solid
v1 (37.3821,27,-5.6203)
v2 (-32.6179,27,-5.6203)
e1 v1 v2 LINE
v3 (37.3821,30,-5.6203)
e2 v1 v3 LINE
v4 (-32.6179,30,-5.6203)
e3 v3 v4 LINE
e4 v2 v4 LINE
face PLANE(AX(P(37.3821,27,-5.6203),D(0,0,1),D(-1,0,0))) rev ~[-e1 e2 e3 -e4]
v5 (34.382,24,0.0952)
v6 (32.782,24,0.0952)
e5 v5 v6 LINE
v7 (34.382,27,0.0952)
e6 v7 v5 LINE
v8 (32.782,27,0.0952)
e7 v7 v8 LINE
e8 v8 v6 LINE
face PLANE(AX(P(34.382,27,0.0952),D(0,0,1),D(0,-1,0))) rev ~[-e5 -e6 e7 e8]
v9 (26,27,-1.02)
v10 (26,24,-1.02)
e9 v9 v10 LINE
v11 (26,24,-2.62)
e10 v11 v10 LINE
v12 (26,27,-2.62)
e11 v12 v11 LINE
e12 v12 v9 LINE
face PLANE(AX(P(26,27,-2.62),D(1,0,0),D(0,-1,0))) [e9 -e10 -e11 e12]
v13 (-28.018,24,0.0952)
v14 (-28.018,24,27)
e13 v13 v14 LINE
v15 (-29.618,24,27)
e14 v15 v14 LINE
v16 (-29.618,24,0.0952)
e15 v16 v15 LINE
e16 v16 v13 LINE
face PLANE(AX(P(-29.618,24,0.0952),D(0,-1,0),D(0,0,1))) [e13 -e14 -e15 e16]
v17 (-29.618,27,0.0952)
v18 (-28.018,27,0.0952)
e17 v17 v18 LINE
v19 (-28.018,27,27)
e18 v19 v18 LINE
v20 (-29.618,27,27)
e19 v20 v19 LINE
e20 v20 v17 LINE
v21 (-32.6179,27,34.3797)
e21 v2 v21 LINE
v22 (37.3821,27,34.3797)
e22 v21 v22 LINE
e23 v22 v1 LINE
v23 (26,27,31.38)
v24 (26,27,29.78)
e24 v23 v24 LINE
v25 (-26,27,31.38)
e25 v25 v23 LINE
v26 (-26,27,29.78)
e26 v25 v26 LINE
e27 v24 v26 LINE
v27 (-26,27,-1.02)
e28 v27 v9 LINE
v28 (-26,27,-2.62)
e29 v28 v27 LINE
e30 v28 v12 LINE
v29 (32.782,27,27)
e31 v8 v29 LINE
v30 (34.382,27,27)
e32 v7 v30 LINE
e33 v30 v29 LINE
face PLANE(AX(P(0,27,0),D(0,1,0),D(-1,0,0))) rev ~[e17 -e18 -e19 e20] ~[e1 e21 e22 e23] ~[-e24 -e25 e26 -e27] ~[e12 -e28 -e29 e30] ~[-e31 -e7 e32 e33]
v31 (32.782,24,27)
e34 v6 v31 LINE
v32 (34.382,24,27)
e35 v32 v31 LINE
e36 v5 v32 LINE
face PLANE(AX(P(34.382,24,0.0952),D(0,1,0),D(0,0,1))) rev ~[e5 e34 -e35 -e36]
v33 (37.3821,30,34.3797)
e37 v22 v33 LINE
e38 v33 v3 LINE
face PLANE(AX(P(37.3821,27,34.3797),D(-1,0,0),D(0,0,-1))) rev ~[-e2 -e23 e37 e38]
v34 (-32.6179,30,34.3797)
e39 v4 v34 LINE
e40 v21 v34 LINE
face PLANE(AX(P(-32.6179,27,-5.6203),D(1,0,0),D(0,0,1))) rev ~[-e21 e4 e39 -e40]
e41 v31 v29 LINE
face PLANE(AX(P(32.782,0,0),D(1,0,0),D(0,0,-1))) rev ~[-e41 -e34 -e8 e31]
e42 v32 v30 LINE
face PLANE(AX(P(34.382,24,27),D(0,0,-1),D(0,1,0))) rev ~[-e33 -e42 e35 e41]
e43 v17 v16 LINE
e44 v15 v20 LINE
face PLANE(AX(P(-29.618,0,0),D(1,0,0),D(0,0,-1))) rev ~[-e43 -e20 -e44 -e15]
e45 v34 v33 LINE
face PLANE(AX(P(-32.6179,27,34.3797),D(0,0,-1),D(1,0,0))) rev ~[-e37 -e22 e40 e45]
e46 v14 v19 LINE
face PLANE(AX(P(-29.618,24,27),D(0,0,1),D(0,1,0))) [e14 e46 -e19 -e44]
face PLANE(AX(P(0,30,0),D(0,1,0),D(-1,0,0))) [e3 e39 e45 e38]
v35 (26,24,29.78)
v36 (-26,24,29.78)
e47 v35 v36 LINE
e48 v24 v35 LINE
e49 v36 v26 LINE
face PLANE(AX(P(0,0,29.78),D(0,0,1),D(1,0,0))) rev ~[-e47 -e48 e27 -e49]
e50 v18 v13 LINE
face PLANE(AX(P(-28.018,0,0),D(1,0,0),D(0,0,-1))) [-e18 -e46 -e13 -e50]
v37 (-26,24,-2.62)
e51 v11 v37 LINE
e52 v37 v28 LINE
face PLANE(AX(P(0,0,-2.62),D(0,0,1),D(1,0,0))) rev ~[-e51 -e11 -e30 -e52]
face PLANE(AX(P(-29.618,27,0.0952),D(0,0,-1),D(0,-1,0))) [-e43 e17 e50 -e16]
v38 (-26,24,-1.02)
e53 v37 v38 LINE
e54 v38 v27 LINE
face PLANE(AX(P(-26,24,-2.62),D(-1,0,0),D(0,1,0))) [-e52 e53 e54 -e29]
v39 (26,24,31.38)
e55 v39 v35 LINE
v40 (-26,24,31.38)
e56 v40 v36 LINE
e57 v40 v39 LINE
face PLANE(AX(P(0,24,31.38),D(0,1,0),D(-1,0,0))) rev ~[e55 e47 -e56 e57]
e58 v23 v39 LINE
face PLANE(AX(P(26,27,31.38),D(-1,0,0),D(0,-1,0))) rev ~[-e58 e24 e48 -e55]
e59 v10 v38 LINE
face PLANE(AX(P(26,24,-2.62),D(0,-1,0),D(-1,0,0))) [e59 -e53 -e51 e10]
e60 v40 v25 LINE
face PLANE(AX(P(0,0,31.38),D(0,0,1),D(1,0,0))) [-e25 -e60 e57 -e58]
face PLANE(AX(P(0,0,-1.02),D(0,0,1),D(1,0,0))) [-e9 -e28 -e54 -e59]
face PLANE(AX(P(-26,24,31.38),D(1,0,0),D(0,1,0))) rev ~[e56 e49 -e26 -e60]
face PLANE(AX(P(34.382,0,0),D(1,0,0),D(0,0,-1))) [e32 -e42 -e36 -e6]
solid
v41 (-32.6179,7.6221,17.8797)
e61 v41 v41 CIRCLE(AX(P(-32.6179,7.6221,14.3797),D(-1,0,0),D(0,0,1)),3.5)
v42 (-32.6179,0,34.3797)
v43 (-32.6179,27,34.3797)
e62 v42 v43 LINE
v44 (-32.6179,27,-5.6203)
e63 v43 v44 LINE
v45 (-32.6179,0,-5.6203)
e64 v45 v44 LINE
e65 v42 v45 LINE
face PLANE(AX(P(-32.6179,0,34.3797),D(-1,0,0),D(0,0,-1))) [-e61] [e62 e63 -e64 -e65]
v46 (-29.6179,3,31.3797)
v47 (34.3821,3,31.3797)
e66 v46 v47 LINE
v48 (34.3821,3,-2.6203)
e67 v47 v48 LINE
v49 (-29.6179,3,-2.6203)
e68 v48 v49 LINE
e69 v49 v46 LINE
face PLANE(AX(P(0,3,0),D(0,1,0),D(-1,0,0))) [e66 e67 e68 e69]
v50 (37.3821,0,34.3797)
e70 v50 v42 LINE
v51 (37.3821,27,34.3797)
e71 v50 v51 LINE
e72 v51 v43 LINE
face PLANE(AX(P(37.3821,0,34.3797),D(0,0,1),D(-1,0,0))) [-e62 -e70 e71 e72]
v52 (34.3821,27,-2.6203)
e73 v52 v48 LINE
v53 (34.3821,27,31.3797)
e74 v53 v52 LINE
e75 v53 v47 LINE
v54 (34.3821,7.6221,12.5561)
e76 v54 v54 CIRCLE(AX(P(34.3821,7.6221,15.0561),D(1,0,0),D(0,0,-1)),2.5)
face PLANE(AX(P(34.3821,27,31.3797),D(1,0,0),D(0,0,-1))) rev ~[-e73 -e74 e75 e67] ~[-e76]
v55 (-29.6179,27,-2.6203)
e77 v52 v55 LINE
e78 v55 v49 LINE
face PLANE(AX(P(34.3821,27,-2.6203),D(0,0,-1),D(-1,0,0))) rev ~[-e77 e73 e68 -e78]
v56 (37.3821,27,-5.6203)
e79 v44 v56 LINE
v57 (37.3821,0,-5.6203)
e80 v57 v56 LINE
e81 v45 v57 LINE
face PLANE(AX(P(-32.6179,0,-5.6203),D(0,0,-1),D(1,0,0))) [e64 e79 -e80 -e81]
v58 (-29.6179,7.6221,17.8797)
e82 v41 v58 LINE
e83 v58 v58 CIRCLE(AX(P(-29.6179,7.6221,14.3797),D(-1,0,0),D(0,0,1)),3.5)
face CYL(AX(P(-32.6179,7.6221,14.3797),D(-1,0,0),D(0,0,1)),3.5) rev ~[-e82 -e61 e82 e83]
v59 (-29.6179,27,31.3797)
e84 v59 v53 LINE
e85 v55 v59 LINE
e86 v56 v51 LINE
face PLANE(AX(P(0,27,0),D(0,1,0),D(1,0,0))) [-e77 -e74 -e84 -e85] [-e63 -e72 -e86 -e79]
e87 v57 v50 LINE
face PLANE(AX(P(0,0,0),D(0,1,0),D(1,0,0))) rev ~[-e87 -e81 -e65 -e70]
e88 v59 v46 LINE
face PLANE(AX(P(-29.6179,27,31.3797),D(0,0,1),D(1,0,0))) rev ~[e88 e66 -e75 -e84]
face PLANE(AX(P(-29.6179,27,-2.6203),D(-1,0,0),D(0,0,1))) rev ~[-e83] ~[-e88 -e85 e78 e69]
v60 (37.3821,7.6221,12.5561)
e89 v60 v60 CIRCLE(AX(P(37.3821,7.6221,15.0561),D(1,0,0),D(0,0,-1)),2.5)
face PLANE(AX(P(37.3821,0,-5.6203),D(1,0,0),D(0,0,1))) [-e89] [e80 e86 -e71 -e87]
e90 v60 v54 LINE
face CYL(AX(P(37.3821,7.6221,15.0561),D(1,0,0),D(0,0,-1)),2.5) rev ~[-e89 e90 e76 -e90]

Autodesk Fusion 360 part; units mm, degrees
sketch "Sketch1" plane through (0, 0, 0) normal (0, 1, 0) x (1, 0, 0) in component "Base"
  line L0 (-32.6179, 5.6203) -> (37.3821, 5.6203)
  line L1 (37.3821, 5.6203) -> (37.3821, -34.3797)
  line L2 (37.3821, -34.3797) -> (-32.6179, -34.3797)
  line L3 (-32.6179, -34.3797) -> (-32.6179, 5.6203)
  dimension "d1" = 70
  dimension "d2" = 40
extrude "Extrude1" add sketch "Sketch1" along normal blind 27 makes body 1 in component "Base"
sketch "Sketch2" plane through (0, 27, 0) normal (0, 1, 0) x (-1, 0, 0) in component "Base"
  line L0 (32.6179, 34.3797) -> (-37.3821, 34.3797)
  line L1 (-37.3821, 34.3797) -> (-37.3821, -5.6203)
  line L2 (-37.3821, -5.6203) -> (32.6179, -5.6203)
  line L3 (32.6179, -5.6203) -> (32.6179, 34.3797)
  line L4 (29.6179, 31.3797) -> (-34.3821, 31.3797)
  line L5 (-34.3821, 31.3797) -> (-34.3821, -2.6203)
  line L6 (-34.3821, -2.6203) -> (29.6179, -2.6203)
  line L7 (29.6179, -2.6203) -> (29.6179, 31.3797)
  dimension "d5" = 3
extrude "Extrude2" cut sketch "Sketch2" against normal up to surface (24 mm away) contours L4 L5 L6 L7 bodies 1 in component "Base"
sketch "Sketch3" plane through (37.3821, 0, 0) normal (1, 0, 0) x (0, 0, -1) in component "Base"
  line L0 (-34.3797, 0) -> (5.6203, 0)
  line L1 (5.6203, 0) -> (5.6203, 27)
  line L2 (5.6203, 27) -> (-34.3797, 27)
  line L3 (-34.3797, 27) -> (-34.3797, 0)
  circle A0 centre (-15.0561, 7.6221) radius 2.5
  dimension "d8" = 5
extrude "Extrude3" cut sketch "Sketch3" against normal blind 5 contours A0 bodies 1 in component "Base"
sketch "Sketch4" plane through (-32.6179, 0, 0) normal (-1, 0, 0) x (0, 0, 1) in component "Base"
  line L0 (-5.6203, 0) -> (34.3797, 0)
  line L1 (34.3797, 0) -> (34.3797, 27)
  line L2 (34.3797, 27) -> (-5.6203, 27)
  line L3 (-5.6203, 27) -> (-5.6203, 0)
  circle A0 centre (14.3797, 7.6221) radius 3.5
  dimension "d11" = 7
extrude "Extrude4" cut sketch "Sketch4" against normal blind 10 contours A0 bodies 1 in component "Base"
sketch "Sketch1 (2)" plane through (0, 27, 0) normal (0, 1, 0) x (-1, 0, 0) in component "Lid"
  line L0 (29.6179, -2.6203) -> (-34.3821, -2.6203)
  line L1 (-34.3821, -2.6203) -> (-34.3821, 31.3797)
  line L2 (-34.3821, 31.3797) -> (29.6179, 31.3797)
  line L3 (29.6179, 31.3797) -> (29.6179, -2.6203)
  line L4 (32.6179, 34.3797) -> (-37.3821, 34.3797)
  line L5 (-37.3821, 34.3797) -> (-37.3821, -5.6203)
  line L6 (-37.3821, -5.6203) -> (32.6179, -5.6203)
  line L7 (32.6179, -5.6203) -> (32.6179, 34.3797)
  line L8 (-37.3821, 34.3797) -> (-37.3821, -5.6203)
  line L9 (-37.3821, -5.6203) -> (32.6179, -5.6203)
  line L10 (32.6179, -5.6203) -> (32.6179, 34.3797)
  line L11 (32.6179, 34.3797) -> (-37.3821, 34.3797)
extrude "Extrude1'" add sketch "Sketch1 (2)" along normal blind 3 separate body contours L0 L1 L2 L3 | L4 L5 L6 L7 L8 L9 L10 L11 makes body 2 in component "Lid"
ref_plane "WorkPlane1" through (0, 0, 31.38) normal (0, 0, 1) x (1, 0, 0) in component "Lid"
sketch "Sketch2 (2)" plane through (0, 0, 31.38) normal (0, 0, 1) x (1, 0, 0) in component "Lid"
  line L0 (0, 0) -> (0, 38) construction
ref_plane "WorkPlane2" through (0, 0, 31.38) normal (0, 0, 1) x (1, 0, 0) in component "Lid"
sketch "Sketch3 (2)" plane through (0, 0, 31.38) normal (0, 0, 1) x (1, 0, 0) in component "Lid"
  line L0 (-32.6179, 27) -> (37.3821, 27)
  line L1 (26, 27) -> (26, 24)
  line L2 (26, 24) -> (-26, 24)
  line L3 (-26, 24) -> (-26, 27)
  line L4 (0, 0) -> (0, 38)
  dimension "d20" = 3
extrude "Extrude2'" add sketch "Sketch3 (2)" against normal blind 1.6 bodies 2 in component "Lid"
ref_plane "WorkPlane3" through (0, 0, -2.62) normal (0, 0, 1) x (1, 0, 0) in component "Lid"
sketch "Sketch4 (2)" plane through (0, 0, -2.62) normal (0, 0, 1) x (1, 0, 0) in component "Lid"
  line L0 (-32.6179, 27) -> (37.3821, 27)
  line L1 (26, 27) -> (26, 24)
  line L2 (26, 24) -> (-26, 24)
  line L3 (-26, 24) -> (-26, 27)
extrude "Extrude3'" add sketch "Sketch4 (2)" along normal blind 1.6 bodies 2 in component "Lid"
ref_plane "WorkPlane4" through (-29.618, 0, 0) normal (1, 0, 0) x (0, 1, 0) in component "Lid"
sketch "Sketch5" plane through (-29.618, 0, 0) normal (1, 0, 0) x (0, 0, -1) in component "Lid"
  line L0 (-34.3797, 27) -> (5.6203, 27)
  line L1 (-0.0952, 27) -> (-0.0952, 24)
  line L2 (-0.0952, 24) -> (-27, 24)
  line L3 (-27, 24) -> (-27, 27)
extrude "Extrude4'" add sketch "Sketch5" along normal blind 1.6 bodies 2 in component "Lid"
ref_plane "WorkPlane5" through (34.382, 0, 0) normal (1, 0, 0) x (0, 1, 0) in component "Lid"
sketch "Sketch6" plane through (34.382, 0, 0) normal (1, 0, 0) x (0, 0, -1) in component "Lid"
  line L0 (5.6203, 27) -> (-34.3797, 27)
  line L1 (-0.0952, 27) -> (-0.0952, 24)
  line L2 (-0.0952, 24) -> (-27, 24)
  line L3 (-27, 24) -> (-27, 27)
extrude "Extrude5" add sketch "Sketch6" against normal blind 1.6 bodies 2 in component "Lid"
component "Base" placed x (1, 0, 0) y (0, 1, 0) z (0, 0, 1) at (0, 0, 0)
component "Lid" placed x (1, 0, 0) y (0, 1, 0) z (0, 0, 1) at (0, 0, 0)
